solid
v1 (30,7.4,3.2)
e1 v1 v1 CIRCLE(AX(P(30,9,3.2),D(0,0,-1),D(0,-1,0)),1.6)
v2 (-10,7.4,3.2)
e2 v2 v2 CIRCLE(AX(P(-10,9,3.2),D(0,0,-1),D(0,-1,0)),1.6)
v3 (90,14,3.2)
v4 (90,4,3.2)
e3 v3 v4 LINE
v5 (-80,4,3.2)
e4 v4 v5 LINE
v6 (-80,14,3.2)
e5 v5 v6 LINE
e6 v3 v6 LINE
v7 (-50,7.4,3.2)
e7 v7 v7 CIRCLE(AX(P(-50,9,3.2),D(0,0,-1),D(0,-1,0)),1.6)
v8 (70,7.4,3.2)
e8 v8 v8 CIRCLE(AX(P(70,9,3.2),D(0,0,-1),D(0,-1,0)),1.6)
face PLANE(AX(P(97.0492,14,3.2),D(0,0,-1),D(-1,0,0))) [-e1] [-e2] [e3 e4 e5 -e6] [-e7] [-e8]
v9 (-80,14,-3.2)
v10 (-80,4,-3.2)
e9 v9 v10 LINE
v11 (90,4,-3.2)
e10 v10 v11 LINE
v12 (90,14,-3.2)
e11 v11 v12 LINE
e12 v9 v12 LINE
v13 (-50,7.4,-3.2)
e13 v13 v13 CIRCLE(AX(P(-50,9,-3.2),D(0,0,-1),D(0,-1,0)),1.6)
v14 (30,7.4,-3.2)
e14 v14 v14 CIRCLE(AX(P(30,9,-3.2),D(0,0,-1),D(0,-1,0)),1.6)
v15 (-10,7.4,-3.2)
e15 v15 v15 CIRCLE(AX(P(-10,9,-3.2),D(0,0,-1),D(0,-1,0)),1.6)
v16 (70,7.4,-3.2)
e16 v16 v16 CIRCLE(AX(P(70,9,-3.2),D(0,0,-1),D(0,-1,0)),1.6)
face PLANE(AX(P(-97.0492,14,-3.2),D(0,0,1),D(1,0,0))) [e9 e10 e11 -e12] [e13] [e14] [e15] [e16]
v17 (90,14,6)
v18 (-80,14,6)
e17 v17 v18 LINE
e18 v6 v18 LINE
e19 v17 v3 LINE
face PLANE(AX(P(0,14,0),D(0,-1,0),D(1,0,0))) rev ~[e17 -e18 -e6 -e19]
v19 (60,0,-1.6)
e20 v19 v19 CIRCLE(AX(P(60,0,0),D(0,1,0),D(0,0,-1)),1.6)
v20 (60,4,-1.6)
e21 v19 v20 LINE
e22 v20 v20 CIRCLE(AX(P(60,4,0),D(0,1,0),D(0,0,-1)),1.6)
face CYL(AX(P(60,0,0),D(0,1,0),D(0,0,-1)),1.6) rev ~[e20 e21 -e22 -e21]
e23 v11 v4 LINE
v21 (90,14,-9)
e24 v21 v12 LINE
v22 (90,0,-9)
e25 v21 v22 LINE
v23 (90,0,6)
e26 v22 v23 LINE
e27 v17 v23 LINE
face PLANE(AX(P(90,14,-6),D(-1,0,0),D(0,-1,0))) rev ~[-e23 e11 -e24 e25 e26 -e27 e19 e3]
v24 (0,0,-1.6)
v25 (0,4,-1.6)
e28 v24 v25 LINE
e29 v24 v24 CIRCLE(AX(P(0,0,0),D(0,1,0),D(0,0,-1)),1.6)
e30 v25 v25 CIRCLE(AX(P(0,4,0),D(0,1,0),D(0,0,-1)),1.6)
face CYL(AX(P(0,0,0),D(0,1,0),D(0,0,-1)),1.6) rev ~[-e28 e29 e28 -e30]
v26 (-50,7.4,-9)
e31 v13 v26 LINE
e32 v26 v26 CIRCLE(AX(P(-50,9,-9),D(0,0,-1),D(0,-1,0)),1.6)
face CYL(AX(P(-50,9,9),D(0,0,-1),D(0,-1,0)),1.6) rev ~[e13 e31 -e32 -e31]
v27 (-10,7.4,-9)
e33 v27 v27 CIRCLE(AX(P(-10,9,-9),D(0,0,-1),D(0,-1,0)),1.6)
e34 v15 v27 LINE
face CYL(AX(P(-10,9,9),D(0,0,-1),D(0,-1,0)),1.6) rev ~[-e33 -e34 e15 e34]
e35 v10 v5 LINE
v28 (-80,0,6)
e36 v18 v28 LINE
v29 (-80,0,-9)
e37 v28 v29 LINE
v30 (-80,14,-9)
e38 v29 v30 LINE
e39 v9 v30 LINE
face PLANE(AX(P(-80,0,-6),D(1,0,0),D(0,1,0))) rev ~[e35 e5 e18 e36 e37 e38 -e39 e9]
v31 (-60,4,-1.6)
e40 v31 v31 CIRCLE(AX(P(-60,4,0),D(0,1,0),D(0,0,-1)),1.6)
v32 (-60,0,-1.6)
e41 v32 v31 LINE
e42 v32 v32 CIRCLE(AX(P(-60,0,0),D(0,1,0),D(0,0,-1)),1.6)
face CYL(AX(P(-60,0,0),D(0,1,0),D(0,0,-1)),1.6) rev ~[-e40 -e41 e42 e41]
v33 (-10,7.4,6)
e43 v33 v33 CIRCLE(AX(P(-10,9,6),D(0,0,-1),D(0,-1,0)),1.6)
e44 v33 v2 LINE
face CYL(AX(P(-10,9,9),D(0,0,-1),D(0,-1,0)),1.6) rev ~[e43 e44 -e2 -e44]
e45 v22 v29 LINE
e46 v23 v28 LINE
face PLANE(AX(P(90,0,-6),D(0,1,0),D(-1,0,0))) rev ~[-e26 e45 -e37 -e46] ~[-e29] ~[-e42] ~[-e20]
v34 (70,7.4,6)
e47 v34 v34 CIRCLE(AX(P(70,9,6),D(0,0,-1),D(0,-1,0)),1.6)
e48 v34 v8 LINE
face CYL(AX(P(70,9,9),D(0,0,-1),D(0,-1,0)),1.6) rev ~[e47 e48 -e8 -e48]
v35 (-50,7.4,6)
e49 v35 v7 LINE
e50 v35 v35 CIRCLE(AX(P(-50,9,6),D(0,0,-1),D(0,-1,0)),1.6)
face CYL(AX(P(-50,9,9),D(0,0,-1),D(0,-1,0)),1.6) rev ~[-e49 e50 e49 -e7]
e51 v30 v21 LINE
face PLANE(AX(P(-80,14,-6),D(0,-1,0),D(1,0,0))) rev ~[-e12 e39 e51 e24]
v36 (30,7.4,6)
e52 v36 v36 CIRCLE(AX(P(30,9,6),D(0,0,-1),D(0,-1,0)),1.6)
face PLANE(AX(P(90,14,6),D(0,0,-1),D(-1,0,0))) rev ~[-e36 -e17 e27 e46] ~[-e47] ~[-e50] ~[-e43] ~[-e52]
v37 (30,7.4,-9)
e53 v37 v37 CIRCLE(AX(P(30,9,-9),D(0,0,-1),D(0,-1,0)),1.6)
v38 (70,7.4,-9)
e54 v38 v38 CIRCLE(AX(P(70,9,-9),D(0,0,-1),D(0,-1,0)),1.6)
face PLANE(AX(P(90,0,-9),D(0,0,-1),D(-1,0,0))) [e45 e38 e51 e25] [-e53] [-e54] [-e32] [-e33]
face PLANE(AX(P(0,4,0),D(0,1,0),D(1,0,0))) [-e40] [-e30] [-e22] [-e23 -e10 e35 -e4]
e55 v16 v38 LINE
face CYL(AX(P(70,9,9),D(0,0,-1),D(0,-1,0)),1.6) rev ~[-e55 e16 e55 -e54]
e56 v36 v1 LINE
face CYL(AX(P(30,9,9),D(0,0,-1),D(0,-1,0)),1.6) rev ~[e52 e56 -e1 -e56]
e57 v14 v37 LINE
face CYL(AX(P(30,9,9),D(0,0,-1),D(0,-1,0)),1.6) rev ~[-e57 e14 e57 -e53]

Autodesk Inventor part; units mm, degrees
ref_plane "YZ Plane" through (0, 0, 0) normal (1, 0, 0) x (0, 1, 0)
ref_plane "XZ Plane" through (0, 0, 0) normal (0, 1, 0) x (-1, 0, 0)
ref_plane "XY Plane" through (0, 0, 0) normal (0, 0, 1) x (1, 0, 0)
sketch "スケッチ1" plane through (0, 0, 0) normal (0, 1, 0) x (-1, 0, 0)
  line L0 (-90, -3) -> (90, -3)
  line L1 (90, -3) -> (90, 3)
  line L2 (90, 3) -> (-90, 3)
  line L3 (-90, 3) -> (-90, -3)
  line L4 (-90, -3) -> (90, 3) construction
  line L5 (90, -3) -> (-90, 3) construction
  point P0 (0, 0)
  dimension "d0" = 180
  dimension "d1" = 6
extrude "押し出し1" add sketch "スケッチ1" along normal blind 17
sketch "スケッチ2" plane through (0, 0, 0) normal (0, -1, 0) x (1, 0, 0)
  line L0 (-90, 3) -> (90, 3) projected
  line L1 (90, 3) -> (-80, 3)
  line L2 (-80, 3) -> (-80, 9)
  line L3 (-80, 9) -> (90, 9)
  line L4 (90, 9) -> (90, 3)
  line L5 (90, 3) -> (90, -3) projected
  line L6 (90, -3) -> (-80, -3)
  line L7 (-80, -3) -> (-80, -6)
  line L8 (-80, -6) -> (90, -6)
  line L9 (90, -6) -> (90, -3)
  point P0 (0, 0)
  dimension "d4" = 170
  dimension "d5" = 6
  dimension "d6" = 170
  dimension "d7" = 3
extrude "押し出し2" add sketch "スケッチ2" against normal blind 14
sketch "スケッチ3" plane through (0, 17, 0) normal (0, 1, 0) x (1, 0, 0)
  line L0 (-90, 3) -> (-90, -3) projected
  line L1 (90, -3) -> (90, 3) projected
  line L2 (-90, 3) -> (90, 3)
  line L3 (90, 3) -> (90, -3)
  line L4 (90, -3) -> (-90, -3)
  line L5 (-90, -3) -> (-90, 3)
  point P0 (0, 0)
extrude "押し出し3" cut sketch "スケッチ3" against normal blind 13
sketch "スケッチ4" plane through (0, 4, 0) normal (0, 1, 0) x (1, 0, 0)
  line L0 (-90, -3) -> (-90, 3) projected
  line L1 (-80, 6) -> (-80, 3) projected
  line L2 (-90, -3) -> (-80, -3)
  line L3 (-80, -3) -> (-80, 3)
  line L4 (-80, 3) -> (-90, 3)
  line L5 (-90, 3) -> (-90, -3)
  point P0 (0, 0)
extrude "押し出し4" cut sketch "スケッチ4" against normal blind 13
sketch "スケッチ5" plane through (0, 14, 0) normal (0, 1, 0) x (1, 0, 0)
  line L0 (97.0492, -3.2) -> (-97.0492, -3.2)
  line L1 (-97.0492, -3.2) -> (-97.0492, 3.2)
  line L2 (-97.0492, 3.2) -> (97.0492, 3.2)
  line L3 (97.0492, 3.2) -> (97.0492, -3.2)
  line L4 (97.0492, -3.2) -> (-97.0492, 3.2) construction
  line L5 (-97.0492, -3.2) -> (97.0492, 3.2) construction
  point P0 (0, 0)
  dimension "d14" = 6.4
extrude "押し出し5" cut sketch "スケッチ5" against normal blind 10
sketch "スケッチ6" plane through (-80, 0, 9) normal (0, 0, 1) x (1, 0, 0)
  line L0 (0, 14) -> (170, 14) projected
  line L1 (170, 0) -> (170, 14) projected
  point P0 (80, 0)
  point P1 (150, 9)
  point P2 (110, 9)
  point P3 (70, 9)
  point P4 (30, 9)
  dimension "d17" = 5
  dimension "d18" = 20
  dimension "d19" = 40
  dimension "d20" = 5
  dimension "d21" = 40
  dimension "d22" = 40
hole "穴1" at (70, 9, 9) at (30, 9, 9) at (-10, 9, 9) at (-50, 9, 9) direction (0, 0, -1) diameter 3.2 end through all
sketch "スケッチ7" plane through (0, 0, 0) normal (0, -1, 0) x (1, 0, 0)
  line L0 (-80, -6) -> (90, -6) projected
  line L1 (90, -6) -> (90, 9) projected
  line L2 (-80, -3.2) -> (90, -3.2) projected
  point P0 (0, 0)
  point P1 (60, 0)
  point P2 (0, 0)
  point P3 (-60, 0)
  dimension "d30" = 6
  dimension "d31" = 30
  dimension "d32" = 60
hole "穴2" at (60, 0, 0) at (0, 0, 0) at (-60, 0, 0) direction (0, 1, 0) diameter 3.2 end through all
sketch "スケッチ8" plane through (90, 0, -6) normal (0, 0, -1) x (-1, 0, 0)
  line L0 (170, 0) -> (170, 14) projected
  line L1 (0, 0) -> (170, 0)
  line L2 (170, 0) -> (170, 14)
  line L3 (170, 14) -> (0, 14)
  line L4 (0, 14) -> (0, 0)
  point P0 (90, 0)
extrude "押し出し6" add sketch "スケッチ8" along normal blind 3
sketch "スケッチ10" plane through (-80, 0, 9) normal (0, 0, 1) x (1, 0, 0)
  circle A0 centre (150, 9) radius 1.6 projected
  circle A1 centre (110, 9) radius 1.6 projected
  circle A2 centre (70, 9) radius 1.6 projected
  circle A3 centre (30, 9) radius 1.6 projected
  point P0 (80, 0)
hole "穴3" at (70, 9, 9) at (30, 9, 9) at (-10, 9, 9) at (-50, 9, 9) direction (0, 0, -1) diameter 3.2 end through all
sketch "スケッチ11" plane through (0, 14, 0) normal (0, 1, 0) x (1, 0, 0)
  line L0 (-80, -9) -> (90, -9) projected
  line L1 (-80, -9) -> (90, -9)
  line L2 (90, -9) -> (90, -6)
  line L3 (90, -6) -> (-80, -6)
  line L4 (-80, -6) -> (-80, -9)
  point P0 (0, 0)
  dimension "d49" = 170
  dimension "d50" = 3
extrude "押し出し7" cut sketch "スケッチ11" against normal blind 40
properties part number "lock2"
